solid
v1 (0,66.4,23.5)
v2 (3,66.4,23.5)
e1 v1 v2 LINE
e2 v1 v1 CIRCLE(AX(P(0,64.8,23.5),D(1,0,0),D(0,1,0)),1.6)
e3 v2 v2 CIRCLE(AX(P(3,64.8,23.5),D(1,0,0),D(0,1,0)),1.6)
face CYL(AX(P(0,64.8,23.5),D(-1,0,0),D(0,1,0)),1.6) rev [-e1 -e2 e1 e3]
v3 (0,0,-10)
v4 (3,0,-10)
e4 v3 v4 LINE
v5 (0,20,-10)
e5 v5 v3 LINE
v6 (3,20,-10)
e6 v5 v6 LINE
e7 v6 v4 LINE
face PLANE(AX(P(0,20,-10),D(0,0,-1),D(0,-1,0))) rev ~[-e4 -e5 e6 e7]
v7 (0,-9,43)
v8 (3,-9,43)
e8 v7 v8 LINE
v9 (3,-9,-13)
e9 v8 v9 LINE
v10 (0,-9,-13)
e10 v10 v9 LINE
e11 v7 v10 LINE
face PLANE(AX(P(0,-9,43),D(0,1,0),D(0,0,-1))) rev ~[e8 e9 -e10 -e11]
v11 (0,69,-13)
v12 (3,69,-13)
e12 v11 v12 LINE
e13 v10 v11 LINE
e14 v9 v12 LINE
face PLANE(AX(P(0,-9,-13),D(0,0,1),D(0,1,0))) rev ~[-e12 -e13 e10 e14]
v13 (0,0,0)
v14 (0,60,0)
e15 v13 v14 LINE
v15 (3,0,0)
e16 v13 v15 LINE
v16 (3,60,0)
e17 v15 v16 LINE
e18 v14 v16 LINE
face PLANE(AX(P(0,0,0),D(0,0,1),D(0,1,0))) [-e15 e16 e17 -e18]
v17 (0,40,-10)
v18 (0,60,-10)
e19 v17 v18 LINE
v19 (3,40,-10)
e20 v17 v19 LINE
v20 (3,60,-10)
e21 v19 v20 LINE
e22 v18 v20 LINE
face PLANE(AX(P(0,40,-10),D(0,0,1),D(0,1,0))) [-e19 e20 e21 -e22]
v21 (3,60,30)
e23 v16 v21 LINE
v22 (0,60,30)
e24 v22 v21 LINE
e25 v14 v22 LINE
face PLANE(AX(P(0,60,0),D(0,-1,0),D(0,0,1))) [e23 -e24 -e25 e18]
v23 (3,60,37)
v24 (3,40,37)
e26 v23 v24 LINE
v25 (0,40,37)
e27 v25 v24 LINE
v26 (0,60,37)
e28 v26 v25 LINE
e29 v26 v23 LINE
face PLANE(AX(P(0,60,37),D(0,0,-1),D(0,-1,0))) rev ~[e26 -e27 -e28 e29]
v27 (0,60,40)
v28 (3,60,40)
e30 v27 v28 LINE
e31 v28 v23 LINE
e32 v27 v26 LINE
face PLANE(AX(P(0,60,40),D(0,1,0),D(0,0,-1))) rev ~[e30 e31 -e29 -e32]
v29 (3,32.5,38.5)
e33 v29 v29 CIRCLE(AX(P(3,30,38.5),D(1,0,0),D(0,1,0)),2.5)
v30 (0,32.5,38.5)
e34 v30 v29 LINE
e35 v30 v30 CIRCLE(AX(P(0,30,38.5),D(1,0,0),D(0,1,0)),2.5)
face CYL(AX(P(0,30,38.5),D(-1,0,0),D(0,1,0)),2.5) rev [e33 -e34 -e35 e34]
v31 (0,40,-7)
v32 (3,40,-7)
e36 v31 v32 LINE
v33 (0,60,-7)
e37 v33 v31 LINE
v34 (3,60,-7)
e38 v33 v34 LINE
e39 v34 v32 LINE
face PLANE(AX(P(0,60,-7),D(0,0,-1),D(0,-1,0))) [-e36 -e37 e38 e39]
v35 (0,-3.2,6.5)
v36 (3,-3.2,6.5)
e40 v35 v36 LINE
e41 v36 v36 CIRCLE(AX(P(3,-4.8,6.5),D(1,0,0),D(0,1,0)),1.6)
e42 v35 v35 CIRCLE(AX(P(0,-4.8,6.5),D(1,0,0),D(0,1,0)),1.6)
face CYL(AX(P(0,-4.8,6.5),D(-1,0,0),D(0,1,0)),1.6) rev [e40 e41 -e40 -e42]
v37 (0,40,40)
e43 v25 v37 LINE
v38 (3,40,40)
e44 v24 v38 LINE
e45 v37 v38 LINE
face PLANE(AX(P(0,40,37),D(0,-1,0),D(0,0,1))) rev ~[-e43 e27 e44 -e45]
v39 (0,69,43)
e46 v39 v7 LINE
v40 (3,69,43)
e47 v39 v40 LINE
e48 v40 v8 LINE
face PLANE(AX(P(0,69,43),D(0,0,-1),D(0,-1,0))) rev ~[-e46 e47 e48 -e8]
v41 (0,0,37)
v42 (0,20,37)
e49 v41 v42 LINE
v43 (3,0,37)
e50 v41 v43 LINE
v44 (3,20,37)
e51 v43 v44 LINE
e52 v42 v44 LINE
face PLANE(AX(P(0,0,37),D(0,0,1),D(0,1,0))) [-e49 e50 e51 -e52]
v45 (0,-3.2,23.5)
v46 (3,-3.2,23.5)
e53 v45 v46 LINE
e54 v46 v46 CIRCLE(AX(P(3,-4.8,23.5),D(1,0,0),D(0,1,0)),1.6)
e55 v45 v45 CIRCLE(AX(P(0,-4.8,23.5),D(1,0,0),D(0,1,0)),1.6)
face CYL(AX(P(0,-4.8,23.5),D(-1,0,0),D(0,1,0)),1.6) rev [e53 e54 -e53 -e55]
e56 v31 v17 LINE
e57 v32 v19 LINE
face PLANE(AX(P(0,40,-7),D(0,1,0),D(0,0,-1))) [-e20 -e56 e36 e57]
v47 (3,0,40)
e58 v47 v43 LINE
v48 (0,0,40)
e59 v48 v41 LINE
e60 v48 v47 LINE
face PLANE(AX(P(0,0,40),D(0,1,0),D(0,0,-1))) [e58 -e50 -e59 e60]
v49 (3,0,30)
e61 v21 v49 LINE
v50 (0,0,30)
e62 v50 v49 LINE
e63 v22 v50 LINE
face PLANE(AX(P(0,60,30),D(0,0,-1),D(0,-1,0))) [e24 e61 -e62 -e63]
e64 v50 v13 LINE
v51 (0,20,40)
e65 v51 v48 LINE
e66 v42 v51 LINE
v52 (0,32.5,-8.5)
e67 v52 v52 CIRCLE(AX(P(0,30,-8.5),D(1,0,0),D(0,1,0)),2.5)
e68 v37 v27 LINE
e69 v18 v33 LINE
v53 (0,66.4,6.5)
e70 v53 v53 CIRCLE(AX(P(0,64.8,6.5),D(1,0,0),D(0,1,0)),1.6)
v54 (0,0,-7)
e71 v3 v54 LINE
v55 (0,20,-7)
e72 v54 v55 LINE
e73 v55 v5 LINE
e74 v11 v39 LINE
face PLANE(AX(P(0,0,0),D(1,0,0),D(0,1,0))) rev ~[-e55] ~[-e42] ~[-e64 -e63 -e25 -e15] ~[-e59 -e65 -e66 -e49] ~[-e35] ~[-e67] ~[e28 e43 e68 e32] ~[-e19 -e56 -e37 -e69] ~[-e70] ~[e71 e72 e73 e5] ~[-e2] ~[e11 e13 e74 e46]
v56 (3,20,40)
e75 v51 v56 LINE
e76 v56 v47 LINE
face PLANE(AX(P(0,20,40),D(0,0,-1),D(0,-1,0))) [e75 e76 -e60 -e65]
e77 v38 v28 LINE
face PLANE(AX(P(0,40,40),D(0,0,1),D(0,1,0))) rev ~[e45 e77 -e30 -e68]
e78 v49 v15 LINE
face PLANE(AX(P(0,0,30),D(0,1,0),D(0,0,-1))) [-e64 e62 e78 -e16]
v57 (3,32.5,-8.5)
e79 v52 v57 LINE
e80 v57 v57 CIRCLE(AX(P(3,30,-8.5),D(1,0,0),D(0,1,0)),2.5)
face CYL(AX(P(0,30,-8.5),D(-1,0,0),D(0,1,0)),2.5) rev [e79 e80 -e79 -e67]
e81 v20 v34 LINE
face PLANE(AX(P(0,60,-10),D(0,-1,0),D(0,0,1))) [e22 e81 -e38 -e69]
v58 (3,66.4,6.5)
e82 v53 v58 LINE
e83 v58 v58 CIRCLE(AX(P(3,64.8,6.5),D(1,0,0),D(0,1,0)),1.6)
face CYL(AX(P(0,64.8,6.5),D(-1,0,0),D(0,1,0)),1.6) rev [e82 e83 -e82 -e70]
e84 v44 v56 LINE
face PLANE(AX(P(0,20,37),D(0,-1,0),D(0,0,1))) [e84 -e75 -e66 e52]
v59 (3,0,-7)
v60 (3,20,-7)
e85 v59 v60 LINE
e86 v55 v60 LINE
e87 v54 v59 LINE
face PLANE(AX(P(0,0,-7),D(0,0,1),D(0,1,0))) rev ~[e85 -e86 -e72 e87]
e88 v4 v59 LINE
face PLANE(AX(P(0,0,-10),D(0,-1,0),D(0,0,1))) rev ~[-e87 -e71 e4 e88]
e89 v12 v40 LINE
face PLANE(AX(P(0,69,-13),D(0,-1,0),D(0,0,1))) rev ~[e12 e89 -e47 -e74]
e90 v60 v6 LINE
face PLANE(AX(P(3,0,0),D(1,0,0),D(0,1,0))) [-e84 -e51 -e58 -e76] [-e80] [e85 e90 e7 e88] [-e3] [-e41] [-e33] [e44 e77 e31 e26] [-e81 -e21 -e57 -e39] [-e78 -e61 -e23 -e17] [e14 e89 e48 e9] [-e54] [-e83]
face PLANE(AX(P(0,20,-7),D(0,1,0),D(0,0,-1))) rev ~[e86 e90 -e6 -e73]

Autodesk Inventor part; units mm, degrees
ref_plane "YZ Plane" through (0, 0, 0) normal (1, 0, 0) x (0, 1, 0)
ref_plane "XZ Plane" through (0, 0, 0) normal (0, 1, 0) x (-1, 0, 0)
ref_plane "XY Plane" through (0, 0, 0) normal (0, 0, 1) x (1, 0, 0)
sketch "Sketch1" plane through (0, 0, 0) normal (1, 0, 0) x (0, 1, 0)
  line L0 (0, 0) -> (60, 0)
  line L1 (60, 0) -> (60, 30)
  line L2 (60, 30) -> (0, 30)
  line L3 (0, 30) -> (0, 0)
  line L4 (-9, -13) -> (69, -13)
  line L5 (69, -13) -> (69, 43)
  line L6 (69, 43) -> (-9, 43)
  line L7 (-9, 43) -> (-9, -13)
  circle A0 centre (64.8, 23.5) radius 1.6
  circle A1 centre (64.8, 6.5) radius 1.6
  circle A2 centre (-4.8, 23.5) radius 1.6
  circle A3 centre (-4.8, 6.5) radius 1.6
  line L8 (0, 37) -> (20, 37)
  line L9 (20, 37) -> (20, 40)
  line L10 (20, 40) -> (0, 40)
  line L11 (0, 40) -> (0, 37)
  line L12 (60, 37) -> (40, 37)
  line L13 (40, 37) -> (40, 40)
  line L14 (40, 40) -> (60, 40)
  line L15 (60, 40) -> (60, 37)
  circle A4 centre (30, 38.5) radius 2.5
  circle A5 centre (30, -8.5) radius 2.5
  line L16 (0, -7) -> (20, -7)
  line L17 (20, -7) -> (20, -10)
  line L18 (20, -10) -> (0, -10)
  line L19 (0, -10) -> (0, -7)
  line L20 (60, -7) -> (40, -7)
  line L21 (40, -7) -> (40, -10)
  line L22 (40, -10) -> (60, -10)
  line L23 (60, -10) -> (60, -7)
  dimension "d0" = 60
  dimension "d1" = 30
  dimension "d2" = 4.8
  dimension "d3" = 4.8
  dimension "d4" = 4.8
  dimension "d5" = 4.8
  dimension "d6" = 3.2
  dimension "d7" = 3.2
  dimension "d8" = 3.2
  dimension "d9" = 3.2
  dimension "d10" = 6.5
  dimension "d11" = 6.5
  dimension "d12" = 6.5
  dimension "d13" = 6.5
  dimension "d14" = 13
  dimension "d15" = 13
  dimension "d16" = 9
  dimension "d17" = 9
  dimension "d18" = 20
  dimension "d19" = 9
  dimension "d20" = 7
  dimension "d21" = 3
  dimension "d22" = 9
  dimension "d23" = 7
  dimension "d24" = 3
  dimension "d25" = 20
  dimension "d26" = 5
  dimension "d27" = 10
  dimension "d28" = 4.5
  dimension "d29" = 8.5
  dimension "d30" = 5
  dimension "d31" = 7
  dimension "d32" = 3
  dimension "d33" = 20
  dimension "d34" = 9
  dimension "d35" = 10
  dimension "d36" = 10
  dimension "d37" = 20
  dimension "d38" = 7
  dimension "d39" = 3
extrude "Extrusion1" add sketch "Sketch1" along normal blind 3
properties part number "Motor_Mount_Side"
